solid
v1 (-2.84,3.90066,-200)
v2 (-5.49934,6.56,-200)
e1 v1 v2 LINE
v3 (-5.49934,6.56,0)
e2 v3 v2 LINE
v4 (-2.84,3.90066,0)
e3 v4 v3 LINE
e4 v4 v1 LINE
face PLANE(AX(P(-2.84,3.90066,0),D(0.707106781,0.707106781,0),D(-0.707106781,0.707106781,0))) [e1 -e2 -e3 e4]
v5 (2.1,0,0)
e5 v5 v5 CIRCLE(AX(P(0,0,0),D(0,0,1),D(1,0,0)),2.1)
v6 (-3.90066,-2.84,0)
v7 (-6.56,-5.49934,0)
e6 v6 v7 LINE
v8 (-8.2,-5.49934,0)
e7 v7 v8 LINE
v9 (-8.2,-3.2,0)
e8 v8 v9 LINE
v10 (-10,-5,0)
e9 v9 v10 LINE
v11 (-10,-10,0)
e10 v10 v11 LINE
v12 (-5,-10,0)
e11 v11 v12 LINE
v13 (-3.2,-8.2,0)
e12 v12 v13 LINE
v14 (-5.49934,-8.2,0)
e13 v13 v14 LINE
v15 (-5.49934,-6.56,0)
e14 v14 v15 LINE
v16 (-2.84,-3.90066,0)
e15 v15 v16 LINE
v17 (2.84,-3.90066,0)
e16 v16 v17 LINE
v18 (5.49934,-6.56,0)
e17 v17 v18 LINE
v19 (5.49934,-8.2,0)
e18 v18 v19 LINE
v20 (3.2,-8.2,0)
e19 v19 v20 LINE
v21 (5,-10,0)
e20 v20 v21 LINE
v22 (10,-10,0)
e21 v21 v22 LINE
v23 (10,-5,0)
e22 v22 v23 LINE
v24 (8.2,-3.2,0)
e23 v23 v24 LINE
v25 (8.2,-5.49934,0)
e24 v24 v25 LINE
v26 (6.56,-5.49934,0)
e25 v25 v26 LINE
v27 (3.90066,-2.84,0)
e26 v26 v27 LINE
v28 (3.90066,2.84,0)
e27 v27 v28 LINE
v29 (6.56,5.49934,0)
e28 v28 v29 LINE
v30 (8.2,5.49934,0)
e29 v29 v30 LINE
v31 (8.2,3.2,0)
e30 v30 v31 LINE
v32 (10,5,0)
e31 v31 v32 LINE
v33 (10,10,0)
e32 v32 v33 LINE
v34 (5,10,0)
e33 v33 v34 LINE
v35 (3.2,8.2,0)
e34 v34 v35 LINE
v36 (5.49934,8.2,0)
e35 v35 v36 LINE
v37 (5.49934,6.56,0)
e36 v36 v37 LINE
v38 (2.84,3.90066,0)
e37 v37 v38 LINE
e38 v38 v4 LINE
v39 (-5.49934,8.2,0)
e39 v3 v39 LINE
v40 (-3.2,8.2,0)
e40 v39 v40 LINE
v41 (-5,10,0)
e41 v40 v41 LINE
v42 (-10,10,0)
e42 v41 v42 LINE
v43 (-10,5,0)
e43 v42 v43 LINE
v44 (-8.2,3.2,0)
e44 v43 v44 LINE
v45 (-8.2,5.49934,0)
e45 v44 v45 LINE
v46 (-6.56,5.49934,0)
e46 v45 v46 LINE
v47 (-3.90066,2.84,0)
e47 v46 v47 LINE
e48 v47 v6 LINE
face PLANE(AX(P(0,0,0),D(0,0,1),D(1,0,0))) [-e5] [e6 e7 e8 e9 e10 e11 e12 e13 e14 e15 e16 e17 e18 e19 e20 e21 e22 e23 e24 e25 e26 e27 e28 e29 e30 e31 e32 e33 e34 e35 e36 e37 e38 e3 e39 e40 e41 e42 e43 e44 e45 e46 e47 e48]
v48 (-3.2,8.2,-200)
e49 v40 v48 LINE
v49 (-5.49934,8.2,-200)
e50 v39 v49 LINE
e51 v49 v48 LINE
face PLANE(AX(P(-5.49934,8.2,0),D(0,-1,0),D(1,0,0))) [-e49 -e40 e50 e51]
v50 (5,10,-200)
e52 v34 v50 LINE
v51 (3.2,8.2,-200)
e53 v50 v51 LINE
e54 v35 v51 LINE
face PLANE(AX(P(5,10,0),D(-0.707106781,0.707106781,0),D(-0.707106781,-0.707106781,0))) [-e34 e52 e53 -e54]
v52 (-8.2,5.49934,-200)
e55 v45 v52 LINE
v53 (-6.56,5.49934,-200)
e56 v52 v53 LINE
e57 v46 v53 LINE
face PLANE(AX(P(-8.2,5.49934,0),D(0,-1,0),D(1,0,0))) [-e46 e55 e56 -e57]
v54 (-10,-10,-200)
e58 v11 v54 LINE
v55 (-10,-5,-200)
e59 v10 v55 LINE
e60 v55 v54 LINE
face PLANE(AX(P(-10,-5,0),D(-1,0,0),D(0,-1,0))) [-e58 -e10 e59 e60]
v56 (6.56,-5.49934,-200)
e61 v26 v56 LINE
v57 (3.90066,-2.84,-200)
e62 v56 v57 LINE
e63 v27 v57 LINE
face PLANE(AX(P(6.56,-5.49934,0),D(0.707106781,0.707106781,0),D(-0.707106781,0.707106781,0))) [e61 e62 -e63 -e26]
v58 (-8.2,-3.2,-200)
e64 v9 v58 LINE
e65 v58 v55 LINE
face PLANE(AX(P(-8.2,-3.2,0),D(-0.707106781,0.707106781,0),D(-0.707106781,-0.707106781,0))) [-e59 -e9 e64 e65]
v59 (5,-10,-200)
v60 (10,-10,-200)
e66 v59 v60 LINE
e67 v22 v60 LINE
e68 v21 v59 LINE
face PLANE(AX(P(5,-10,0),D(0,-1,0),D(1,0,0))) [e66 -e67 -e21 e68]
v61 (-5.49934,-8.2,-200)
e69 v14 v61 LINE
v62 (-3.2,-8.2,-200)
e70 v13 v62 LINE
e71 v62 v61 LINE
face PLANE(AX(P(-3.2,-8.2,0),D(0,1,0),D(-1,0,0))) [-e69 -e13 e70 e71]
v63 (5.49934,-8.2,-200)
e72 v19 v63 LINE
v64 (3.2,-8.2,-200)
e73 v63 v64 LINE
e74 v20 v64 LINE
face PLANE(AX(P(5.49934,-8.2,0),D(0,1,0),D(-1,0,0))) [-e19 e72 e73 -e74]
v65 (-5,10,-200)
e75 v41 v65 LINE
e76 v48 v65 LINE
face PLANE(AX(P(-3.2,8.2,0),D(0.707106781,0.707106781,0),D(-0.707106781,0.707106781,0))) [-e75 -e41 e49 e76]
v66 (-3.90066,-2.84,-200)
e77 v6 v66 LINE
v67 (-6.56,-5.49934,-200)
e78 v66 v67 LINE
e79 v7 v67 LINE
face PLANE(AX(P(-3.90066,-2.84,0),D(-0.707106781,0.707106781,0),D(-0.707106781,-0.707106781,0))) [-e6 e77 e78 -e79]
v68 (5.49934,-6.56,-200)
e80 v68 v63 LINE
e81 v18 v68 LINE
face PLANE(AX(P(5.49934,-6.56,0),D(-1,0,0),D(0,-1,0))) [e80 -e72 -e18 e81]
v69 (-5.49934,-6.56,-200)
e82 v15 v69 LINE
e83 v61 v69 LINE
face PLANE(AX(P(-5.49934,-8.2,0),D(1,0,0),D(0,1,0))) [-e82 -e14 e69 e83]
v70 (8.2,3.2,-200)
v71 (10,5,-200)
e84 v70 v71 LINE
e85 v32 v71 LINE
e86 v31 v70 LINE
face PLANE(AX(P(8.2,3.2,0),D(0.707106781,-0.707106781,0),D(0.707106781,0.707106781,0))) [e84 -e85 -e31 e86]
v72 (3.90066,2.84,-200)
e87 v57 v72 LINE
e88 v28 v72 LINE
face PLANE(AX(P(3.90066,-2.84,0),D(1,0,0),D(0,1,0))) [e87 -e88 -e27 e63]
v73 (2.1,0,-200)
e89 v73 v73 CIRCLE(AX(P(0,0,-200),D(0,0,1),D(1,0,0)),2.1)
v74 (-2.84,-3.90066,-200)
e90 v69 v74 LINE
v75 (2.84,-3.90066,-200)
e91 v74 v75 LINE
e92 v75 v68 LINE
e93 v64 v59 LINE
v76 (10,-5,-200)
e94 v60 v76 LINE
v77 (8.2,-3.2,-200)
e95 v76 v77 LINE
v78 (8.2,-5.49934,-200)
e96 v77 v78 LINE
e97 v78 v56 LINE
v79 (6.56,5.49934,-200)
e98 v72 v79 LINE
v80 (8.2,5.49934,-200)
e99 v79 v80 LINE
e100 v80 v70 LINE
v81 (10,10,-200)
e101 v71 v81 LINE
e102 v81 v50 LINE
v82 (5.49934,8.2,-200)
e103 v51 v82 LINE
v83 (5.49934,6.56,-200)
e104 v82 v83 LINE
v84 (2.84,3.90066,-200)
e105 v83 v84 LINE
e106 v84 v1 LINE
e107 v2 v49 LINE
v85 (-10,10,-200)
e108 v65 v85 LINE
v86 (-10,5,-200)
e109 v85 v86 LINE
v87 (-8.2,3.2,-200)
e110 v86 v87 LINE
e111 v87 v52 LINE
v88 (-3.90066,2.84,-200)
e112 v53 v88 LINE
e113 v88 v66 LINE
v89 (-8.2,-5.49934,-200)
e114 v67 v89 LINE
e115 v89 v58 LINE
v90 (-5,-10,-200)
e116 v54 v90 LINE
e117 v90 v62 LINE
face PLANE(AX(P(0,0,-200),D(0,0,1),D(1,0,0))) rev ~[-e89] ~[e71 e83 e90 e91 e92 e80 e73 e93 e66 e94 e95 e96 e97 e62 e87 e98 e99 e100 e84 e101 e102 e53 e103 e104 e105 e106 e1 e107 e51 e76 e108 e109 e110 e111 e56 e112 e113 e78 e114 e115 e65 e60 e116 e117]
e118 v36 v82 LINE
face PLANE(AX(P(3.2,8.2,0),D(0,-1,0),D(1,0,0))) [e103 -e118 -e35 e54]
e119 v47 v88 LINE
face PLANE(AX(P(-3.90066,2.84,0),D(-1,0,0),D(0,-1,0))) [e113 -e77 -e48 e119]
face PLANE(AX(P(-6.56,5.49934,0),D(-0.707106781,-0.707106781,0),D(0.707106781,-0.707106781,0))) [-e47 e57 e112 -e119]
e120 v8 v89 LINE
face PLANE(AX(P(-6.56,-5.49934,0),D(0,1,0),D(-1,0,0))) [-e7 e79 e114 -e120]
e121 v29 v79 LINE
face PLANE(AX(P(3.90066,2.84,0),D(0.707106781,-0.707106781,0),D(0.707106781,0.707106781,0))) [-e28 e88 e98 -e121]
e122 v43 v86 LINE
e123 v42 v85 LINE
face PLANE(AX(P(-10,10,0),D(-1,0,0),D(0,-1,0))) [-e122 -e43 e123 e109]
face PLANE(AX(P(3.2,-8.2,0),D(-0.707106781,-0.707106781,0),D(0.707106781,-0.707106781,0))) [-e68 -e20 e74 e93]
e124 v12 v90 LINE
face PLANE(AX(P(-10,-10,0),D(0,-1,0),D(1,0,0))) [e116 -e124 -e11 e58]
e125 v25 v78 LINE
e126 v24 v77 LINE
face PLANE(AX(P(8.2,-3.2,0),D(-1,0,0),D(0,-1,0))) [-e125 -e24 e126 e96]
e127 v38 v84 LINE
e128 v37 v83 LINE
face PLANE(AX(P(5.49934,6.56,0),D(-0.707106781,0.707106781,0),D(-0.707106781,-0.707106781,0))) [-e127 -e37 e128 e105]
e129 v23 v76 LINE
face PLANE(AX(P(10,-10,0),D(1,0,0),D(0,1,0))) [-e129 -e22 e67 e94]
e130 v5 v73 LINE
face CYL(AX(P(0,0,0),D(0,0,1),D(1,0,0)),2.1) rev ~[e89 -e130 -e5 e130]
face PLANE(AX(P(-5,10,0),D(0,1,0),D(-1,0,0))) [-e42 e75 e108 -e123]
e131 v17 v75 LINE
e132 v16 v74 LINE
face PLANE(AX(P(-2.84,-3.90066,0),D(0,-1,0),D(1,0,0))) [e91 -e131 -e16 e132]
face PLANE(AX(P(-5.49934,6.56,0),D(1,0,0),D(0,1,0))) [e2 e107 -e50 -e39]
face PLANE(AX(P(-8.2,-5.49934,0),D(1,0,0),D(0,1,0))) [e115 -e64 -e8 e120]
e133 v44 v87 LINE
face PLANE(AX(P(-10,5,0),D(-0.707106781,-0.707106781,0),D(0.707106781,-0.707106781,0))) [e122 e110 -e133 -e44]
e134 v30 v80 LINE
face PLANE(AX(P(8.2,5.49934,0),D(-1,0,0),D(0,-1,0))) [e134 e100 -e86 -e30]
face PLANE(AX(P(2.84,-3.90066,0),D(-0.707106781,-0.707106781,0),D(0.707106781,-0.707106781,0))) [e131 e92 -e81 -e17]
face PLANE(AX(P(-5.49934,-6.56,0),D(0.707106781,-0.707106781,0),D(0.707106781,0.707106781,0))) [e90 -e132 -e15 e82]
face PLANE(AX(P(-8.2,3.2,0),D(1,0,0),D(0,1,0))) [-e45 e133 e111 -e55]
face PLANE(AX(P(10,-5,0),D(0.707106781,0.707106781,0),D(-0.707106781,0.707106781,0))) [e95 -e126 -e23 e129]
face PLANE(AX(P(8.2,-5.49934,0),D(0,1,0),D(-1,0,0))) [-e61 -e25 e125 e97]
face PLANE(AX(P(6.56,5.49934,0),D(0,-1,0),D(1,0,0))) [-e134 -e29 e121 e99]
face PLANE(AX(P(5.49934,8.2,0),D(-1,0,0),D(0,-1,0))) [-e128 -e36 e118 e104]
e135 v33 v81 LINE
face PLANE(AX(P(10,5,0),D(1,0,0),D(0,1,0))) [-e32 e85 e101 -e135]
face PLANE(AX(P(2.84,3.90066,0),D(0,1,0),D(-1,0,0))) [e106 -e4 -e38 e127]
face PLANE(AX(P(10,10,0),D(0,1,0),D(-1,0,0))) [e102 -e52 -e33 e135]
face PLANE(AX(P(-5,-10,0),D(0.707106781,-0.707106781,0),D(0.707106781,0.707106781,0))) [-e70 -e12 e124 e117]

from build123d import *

# Parameters (mm, degrees)
SKETCH1_R           = 2.1
BOSS_EXTRUDE1_DEPTH = 200


with BuildPart() as part:
    # Sketch1 → Boss-Extrude1 (new body)
    with BuildSketch(Plane.XY):
        Polygon((-10, 10), (-10, 5), (-8.2, 3.2), (-8.2, 5.499339828), (-6.56, 5.499339828), (-3.900660172, 2.84), (-3.900660172, -2.84), (-6.56, -5.499339828), (-8.2, -5.499339828), (-8.2, -3.2), (-10, -5), (-10, -10), (-5, -10), (-3.2, -8.2), (-5.499339828, -8.2), (-5.499339828, -6.56), (-2.84, -3.900660172), (2.84, -3.900660172), (5.499339828, -6.56), (5.499339828, -8.2), (3.2, -8.2), (5, -10), (10, -10), (10, -5), (8.2, -3.2), (8.2, -5.499339828), (6.56, -5.499339828), (3.900660172, -2.84), (3.900660172, 2.84), (6.56, 5.499339828), (8.2, 5.499339828), (8.2, 3.2), (10, 5), (10, 10), (5, 10), (3.2, 8.2), (5.499339828, 8.2), (5.499339828, 6.56), (2.84, 3.900660172), (-2.84, 3.900660172), (-5.499339828, 6.56), (-5.499339828, 8.2), (-3.2, 8.2), (-5, 10), align=None)
        Circle(SKETCH1_R, mode=Mode.SUBTRACT)
    extrude(amount=-BOSS_EXTRUDE1_DEPTH)


solid = part.part
